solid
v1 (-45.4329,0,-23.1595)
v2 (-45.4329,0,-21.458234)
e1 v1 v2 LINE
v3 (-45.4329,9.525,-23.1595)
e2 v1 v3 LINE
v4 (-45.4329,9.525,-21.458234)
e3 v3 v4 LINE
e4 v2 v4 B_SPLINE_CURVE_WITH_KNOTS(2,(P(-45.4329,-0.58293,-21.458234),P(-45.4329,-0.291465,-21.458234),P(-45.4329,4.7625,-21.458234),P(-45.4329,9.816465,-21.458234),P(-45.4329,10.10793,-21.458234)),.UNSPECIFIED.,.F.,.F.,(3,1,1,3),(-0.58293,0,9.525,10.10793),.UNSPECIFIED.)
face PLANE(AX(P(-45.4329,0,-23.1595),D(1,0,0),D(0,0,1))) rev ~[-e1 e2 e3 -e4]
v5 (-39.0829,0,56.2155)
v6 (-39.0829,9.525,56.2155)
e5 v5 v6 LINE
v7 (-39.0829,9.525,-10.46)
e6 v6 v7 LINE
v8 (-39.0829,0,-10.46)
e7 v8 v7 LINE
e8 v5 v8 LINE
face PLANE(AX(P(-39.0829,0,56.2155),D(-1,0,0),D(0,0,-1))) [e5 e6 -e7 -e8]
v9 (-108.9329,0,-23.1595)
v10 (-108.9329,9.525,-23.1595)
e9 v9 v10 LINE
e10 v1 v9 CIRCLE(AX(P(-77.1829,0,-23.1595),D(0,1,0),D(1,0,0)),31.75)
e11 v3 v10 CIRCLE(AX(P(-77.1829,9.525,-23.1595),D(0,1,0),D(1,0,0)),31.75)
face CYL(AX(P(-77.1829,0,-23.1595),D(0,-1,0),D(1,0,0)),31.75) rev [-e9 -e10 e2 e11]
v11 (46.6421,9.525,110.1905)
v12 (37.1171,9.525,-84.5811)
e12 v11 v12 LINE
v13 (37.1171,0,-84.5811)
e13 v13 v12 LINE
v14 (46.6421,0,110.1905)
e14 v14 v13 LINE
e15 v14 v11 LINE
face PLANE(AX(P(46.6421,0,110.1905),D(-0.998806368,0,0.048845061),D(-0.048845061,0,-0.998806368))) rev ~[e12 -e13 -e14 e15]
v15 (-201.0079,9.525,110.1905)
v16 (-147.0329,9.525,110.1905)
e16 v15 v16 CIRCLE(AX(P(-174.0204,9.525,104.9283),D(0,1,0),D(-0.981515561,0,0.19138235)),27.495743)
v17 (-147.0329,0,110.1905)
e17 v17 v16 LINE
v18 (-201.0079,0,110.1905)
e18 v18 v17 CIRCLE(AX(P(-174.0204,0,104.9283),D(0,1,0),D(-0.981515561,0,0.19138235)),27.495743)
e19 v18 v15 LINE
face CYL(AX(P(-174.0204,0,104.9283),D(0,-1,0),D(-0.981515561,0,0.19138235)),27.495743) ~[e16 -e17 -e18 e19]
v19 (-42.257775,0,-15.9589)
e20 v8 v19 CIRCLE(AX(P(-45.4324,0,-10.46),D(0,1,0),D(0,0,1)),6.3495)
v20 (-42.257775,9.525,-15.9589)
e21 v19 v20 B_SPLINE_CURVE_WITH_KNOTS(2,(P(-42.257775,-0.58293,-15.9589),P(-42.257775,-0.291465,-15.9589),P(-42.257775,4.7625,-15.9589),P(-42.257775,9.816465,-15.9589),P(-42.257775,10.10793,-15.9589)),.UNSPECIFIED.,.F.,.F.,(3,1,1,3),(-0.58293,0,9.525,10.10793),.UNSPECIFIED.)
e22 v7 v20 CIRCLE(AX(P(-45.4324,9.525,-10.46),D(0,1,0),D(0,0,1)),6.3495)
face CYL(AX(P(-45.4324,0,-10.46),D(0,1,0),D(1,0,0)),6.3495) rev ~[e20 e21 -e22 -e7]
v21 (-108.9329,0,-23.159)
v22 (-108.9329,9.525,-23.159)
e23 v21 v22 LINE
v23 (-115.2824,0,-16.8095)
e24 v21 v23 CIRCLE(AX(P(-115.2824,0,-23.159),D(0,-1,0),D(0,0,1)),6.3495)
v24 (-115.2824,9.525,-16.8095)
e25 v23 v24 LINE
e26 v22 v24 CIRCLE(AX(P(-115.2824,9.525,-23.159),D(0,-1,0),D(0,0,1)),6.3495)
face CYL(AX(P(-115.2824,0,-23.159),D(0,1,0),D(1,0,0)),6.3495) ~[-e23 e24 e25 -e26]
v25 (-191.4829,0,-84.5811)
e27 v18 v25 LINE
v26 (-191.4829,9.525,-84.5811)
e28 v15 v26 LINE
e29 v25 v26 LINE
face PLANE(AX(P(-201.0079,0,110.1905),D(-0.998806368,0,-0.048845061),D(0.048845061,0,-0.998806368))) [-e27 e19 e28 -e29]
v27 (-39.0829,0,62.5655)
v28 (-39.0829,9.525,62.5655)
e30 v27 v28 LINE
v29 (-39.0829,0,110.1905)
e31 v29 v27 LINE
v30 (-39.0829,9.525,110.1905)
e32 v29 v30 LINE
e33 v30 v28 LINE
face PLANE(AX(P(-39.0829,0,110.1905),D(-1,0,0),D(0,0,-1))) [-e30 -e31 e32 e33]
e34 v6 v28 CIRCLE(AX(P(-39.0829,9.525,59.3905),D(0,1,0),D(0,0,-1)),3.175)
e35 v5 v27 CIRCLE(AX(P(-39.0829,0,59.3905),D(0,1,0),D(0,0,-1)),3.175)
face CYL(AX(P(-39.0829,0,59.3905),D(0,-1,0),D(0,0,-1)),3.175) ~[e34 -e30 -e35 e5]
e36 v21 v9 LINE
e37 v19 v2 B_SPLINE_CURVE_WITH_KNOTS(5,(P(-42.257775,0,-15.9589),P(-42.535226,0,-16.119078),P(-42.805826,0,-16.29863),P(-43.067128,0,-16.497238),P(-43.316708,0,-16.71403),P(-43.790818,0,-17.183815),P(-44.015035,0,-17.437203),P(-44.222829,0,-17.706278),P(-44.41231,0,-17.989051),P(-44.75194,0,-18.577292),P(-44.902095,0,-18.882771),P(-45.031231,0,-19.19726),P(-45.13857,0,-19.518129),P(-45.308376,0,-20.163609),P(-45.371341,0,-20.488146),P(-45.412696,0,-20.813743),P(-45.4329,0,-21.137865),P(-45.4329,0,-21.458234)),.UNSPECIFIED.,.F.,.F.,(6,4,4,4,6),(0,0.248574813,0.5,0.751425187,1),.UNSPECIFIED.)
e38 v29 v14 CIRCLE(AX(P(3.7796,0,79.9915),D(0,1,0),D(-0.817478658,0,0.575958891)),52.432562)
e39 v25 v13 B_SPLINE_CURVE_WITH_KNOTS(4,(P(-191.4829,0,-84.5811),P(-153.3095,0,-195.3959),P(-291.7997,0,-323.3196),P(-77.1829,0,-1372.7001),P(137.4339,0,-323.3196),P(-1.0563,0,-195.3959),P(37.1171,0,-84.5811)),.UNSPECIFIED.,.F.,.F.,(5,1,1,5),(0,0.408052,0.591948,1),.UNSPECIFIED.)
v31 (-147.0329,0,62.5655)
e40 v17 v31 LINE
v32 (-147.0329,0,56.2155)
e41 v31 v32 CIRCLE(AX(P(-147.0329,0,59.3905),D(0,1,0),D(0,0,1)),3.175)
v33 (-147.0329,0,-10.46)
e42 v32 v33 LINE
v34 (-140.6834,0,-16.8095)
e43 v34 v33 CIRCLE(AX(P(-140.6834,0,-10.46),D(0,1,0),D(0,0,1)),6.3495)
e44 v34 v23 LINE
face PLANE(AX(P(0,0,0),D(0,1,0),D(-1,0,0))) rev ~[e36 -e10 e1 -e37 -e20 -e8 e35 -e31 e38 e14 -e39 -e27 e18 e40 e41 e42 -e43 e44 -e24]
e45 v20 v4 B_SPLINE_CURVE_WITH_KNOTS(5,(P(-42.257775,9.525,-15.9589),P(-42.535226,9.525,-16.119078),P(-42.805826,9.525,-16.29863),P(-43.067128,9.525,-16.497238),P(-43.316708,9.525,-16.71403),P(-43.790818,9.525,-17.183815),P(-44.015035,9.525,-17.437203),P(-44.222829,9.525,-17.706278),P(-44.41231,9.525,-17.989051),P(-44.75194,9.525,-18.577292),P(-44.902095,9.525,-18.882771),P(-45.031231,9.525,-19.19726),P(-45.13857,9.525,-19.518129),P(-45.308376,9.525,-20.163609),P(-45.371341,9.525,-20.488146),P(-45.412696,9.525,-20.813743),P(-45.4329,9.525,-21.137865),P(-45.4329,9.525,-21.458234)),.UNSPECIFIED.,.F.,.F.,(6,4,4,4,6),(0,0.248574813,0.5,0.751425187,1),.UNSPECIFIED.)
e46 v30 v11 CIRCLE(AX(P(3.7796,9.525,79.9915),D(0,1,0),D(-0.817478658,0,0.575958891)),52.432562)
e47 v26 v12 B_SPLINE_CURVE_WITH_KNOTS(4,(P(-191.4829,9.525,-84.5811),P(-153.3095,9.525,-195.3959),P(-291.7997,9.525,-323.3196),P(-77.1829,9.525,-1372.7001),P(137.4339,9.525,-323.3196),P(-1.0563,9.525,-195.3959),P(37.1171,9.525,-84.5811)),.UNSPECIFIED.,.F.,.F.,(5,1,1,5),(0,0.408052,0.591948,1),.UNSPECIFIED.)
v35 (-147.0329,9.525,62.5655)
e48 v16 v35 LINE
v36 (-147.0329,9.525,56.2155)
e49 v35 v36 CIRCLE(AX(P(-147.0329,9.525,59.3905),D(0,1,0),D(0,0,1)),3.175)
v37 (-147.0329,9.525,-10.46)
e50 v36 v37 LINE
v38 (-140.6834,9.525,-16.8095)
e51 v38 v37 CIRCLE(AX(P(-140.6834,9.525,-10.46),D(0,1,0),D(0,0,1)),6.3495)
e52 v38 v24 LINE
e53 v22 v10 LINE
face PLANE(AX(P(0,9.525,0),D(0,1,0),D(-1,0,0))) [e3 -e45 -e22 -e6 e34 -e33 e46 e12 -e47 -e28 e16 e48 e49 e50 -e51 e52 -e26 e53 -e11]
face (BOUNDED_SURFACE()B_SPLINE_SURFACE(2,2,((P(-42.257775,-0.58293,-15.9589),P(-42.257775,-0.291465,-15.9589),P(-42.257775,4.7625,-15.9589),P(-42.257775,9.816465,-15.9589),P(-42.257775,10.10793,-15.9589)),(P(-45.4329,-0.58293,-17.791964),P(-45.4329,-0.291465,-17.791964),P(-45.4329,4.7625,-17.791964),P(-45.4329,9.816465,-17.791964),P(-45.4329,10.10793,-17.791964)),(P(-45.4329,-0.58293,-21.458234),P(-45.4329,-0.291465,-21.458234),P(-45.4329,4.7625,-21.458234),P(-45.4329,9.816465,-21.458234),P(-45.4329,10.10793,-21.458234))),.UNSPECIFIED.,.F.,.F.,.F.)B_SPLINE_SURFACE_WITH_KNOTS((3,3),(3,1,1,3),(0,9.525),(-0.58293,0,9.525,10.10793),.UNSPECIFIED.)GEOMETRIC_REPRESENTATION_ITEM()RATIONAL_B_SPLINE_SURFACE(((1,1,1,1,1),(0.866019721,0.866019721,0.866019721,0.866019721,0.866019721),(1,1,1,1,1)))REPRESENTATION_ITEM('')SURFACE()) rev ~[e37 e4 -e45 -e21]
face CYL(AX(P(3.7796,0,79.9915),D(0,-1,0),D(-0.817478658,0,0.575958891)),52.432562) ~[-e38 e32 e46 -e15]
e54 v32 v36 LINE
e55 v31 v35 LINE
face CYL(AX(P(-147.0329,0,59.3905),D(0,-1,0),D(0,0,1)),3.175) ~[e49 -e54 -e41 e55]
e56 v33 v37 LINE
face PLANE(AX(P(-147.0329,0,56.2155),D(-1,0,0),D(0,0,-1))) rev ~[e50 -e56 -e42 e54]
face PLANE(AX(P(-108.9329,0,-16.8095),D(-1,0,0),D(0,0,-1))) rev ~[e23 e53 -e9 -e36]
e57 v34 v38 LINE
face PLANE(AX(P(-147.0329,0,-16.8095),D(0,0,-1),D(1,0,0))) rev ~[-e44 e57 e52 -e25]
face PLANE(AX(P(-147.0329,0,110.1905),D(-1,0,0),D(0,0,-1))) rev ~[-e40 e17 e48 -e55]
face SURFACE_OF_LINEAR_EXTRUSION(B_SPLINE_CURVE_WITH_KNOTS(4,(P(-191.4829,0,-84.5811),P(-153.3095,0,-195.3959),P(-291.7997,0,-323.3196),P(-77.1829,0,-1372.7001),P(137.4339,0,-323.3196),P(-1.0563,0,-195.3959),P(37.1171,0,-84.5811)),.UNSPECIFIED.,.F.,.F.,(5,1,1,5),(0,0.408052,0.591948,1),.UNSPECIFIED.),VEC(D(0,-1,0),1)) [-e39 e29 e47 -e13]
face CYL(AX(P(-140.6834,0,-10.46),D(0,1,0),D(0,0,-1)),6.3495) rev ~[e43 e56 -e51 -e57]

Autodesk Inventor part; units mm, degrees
ref_plane "YZ Plane" through (0, 0, 0) normal (1, 0, 0) x (0, 1, 0)
ref_plane "XZ Plane" through (0, 0, 0) normal (0, 1, 0) x (-1, 0, 0)
ref_plane "XY Plane" through (0, 0, 0) normal (0, 0, 1) x (1, 0, 0)
sketch "Sketch2" plane through (0, 0, 0) normal (0, 1, 0) x (-1, 0, 0)
  line L0 (194.6579, -241.6418) -> (-40.2921, -241.6418) construction
  line L1 (-30.7671, -644.5615) -> (185.1329, -644.5615) construction
  line L2 (147.0329, 110.1905) -> (147.0329, 62.5655)
  line L3 (209.9876, 110.1905) -> (-95.098, 110.1905) construction
  arc A0 (147.0329, 62.5655) -> (147.0329, 56.2155) centre (147.0329, 59.3905) ccw
  line L4 (97.2679, -54.9095) -> (57.0979, -54.9095) construction
  line L5 (97.2679, -54.9095) -> (137.4379, -54.9095) construction
  line L6 (77.1829, -834.8709) -> (77.1829, 198.0101) construction
  line L7 (147.0329, 56.2155) -> (147.0329, -16.8095)
  line L8 (147.0329, 62.5655) -> (147.0329, 56.2155) construction
  line L9 (235, 132.4241) -> (-116.3118, 132.4241) construction
  line L10 (235, 132.4241) -> (586.3118, 132.4241) construction
  arc A1 (39.0829, 56.2155) -> (39.0829, 62.5655) centre (39.0829, 59.3905) ccw
  line L11 (39.0829, 62.5655) -> (39.0829, 56.2155) construction
  line L12 (39.0829, 62.5655) -> (45.4329, 62.5655) construction
  line L13 (39.0829, 56.2155) -> (39.0829, -16.8095)
  line L14 (39.0829, 110.1905) -> (39.0829, 62.5655)
  line L15 (107.9631, -23.1595) -> (33.1393, -23.1595) construction
  line L16 (107.9737, -23.1595) -> (107.9631, -23.1595) construction
  arc A2 (45.4329, -23.1595) -> (108.9329, -23.1595) centre (77.1829, -23.1595) ccw
  line L17 (108.9329, -23.1595) -> (45.4329, -23.1595) construction
  line L18 (108.9329, -23.1595) -> (172.4329, -23.1595) construction
  line L19 (147.0329, -16.8095) -> (108.9329, -16.8095)
  line L20 (108.9329, -16.8095) -> (108.9329, -23.1595)
  line L21 (45.4329, -23.1595) -> (45.4329, -16.8095)
  line L22 (45.4329, -23.1595) -> (51.7829, -23.1595) construction
  line L23 (45.4329, -16.8095) -> (39.0829, -16.8095)
  arc A3 (39.0829, 110.1905) -> (-46.6421, 110.1905) centre (-3.7796, 79.9915) ccw
  arc A4 (201.0079, 110.1905) -> (147.0329, 110.1905) centre (174.0204, 104.9283) ccw
  line L24 (191.4829, -84.5811) -> (-37.1171, -84.5811) construction
  line L25 (201.0079, 110.1905) -> (191.4829, -84.5811)
  line L26 (-46.6421, 110.1905) -> (-37.1171, -84.5811)
  spline S0 degree 4 poles (191.4829, -84.5811) (153.3095, -195.3959) (291.7997, -323.3196) (77.1829, -1372.7001) (-137.4339, -323.3196) (1.0563, -195.3959) (-37.1171, -84.5811) knots 0 0 0 0 0 0.408052 0.591948 1 1 1 1 1
  point P0 (77.1829, -241.6418)
  point P1 (77.1829, -779.6686)
  point P2 (5.0659, 158.3555)
  point P3 (77.1829, -644.5615)
  point P4 (77.1829, -36.1166)
  point P5 (77.1829, -54.9095)
  point P6 (77.1829, -84.5811)
  dimension "d20" = 234.95
  dimension "d37" = 215.9
  dimension "d51" = 6.35
  dimension "d52" = 50.8
  dimension "d60" = 180
  dimension "d61" = 114.3
  dimension "d76" = 180
  dimension "d81" = 6.35
  dimension "d82" = 90
  dimension "d83" = 3.175
  dimension "d84" = 50.8
  dimension "d85" = 69.85
  dimension "d86" = 38.1
  dimension "d98" = 63.5
  dimension "d99" = 180
  dimension "d100" = 31.75
  dimension "d101" = 90
  dimension "d102" = 76.2
  dimension "d106" = 247.65
  dimension "d107" = 123.825
  dimension "d108" = 228.6
extrude "Extrusion2" add sketch "Sketch2" along normal blind 9.525
fillet "Fillet2" radius 6.35 1 edges at (-39.0829, 4.7625, -16.8095)
fillet "Fillet3" radius 6.35 2 edges at (-45.4324, 4.7625, -16.8095) (-45.4329, 4.7625, -16.8095)
fillet "Fillet4" radius 6.35 2 edges at (-108.9329, 4.7625, -16.8095) (-147.0329, 4.7625, -16.8095)
properties part number "Board"
